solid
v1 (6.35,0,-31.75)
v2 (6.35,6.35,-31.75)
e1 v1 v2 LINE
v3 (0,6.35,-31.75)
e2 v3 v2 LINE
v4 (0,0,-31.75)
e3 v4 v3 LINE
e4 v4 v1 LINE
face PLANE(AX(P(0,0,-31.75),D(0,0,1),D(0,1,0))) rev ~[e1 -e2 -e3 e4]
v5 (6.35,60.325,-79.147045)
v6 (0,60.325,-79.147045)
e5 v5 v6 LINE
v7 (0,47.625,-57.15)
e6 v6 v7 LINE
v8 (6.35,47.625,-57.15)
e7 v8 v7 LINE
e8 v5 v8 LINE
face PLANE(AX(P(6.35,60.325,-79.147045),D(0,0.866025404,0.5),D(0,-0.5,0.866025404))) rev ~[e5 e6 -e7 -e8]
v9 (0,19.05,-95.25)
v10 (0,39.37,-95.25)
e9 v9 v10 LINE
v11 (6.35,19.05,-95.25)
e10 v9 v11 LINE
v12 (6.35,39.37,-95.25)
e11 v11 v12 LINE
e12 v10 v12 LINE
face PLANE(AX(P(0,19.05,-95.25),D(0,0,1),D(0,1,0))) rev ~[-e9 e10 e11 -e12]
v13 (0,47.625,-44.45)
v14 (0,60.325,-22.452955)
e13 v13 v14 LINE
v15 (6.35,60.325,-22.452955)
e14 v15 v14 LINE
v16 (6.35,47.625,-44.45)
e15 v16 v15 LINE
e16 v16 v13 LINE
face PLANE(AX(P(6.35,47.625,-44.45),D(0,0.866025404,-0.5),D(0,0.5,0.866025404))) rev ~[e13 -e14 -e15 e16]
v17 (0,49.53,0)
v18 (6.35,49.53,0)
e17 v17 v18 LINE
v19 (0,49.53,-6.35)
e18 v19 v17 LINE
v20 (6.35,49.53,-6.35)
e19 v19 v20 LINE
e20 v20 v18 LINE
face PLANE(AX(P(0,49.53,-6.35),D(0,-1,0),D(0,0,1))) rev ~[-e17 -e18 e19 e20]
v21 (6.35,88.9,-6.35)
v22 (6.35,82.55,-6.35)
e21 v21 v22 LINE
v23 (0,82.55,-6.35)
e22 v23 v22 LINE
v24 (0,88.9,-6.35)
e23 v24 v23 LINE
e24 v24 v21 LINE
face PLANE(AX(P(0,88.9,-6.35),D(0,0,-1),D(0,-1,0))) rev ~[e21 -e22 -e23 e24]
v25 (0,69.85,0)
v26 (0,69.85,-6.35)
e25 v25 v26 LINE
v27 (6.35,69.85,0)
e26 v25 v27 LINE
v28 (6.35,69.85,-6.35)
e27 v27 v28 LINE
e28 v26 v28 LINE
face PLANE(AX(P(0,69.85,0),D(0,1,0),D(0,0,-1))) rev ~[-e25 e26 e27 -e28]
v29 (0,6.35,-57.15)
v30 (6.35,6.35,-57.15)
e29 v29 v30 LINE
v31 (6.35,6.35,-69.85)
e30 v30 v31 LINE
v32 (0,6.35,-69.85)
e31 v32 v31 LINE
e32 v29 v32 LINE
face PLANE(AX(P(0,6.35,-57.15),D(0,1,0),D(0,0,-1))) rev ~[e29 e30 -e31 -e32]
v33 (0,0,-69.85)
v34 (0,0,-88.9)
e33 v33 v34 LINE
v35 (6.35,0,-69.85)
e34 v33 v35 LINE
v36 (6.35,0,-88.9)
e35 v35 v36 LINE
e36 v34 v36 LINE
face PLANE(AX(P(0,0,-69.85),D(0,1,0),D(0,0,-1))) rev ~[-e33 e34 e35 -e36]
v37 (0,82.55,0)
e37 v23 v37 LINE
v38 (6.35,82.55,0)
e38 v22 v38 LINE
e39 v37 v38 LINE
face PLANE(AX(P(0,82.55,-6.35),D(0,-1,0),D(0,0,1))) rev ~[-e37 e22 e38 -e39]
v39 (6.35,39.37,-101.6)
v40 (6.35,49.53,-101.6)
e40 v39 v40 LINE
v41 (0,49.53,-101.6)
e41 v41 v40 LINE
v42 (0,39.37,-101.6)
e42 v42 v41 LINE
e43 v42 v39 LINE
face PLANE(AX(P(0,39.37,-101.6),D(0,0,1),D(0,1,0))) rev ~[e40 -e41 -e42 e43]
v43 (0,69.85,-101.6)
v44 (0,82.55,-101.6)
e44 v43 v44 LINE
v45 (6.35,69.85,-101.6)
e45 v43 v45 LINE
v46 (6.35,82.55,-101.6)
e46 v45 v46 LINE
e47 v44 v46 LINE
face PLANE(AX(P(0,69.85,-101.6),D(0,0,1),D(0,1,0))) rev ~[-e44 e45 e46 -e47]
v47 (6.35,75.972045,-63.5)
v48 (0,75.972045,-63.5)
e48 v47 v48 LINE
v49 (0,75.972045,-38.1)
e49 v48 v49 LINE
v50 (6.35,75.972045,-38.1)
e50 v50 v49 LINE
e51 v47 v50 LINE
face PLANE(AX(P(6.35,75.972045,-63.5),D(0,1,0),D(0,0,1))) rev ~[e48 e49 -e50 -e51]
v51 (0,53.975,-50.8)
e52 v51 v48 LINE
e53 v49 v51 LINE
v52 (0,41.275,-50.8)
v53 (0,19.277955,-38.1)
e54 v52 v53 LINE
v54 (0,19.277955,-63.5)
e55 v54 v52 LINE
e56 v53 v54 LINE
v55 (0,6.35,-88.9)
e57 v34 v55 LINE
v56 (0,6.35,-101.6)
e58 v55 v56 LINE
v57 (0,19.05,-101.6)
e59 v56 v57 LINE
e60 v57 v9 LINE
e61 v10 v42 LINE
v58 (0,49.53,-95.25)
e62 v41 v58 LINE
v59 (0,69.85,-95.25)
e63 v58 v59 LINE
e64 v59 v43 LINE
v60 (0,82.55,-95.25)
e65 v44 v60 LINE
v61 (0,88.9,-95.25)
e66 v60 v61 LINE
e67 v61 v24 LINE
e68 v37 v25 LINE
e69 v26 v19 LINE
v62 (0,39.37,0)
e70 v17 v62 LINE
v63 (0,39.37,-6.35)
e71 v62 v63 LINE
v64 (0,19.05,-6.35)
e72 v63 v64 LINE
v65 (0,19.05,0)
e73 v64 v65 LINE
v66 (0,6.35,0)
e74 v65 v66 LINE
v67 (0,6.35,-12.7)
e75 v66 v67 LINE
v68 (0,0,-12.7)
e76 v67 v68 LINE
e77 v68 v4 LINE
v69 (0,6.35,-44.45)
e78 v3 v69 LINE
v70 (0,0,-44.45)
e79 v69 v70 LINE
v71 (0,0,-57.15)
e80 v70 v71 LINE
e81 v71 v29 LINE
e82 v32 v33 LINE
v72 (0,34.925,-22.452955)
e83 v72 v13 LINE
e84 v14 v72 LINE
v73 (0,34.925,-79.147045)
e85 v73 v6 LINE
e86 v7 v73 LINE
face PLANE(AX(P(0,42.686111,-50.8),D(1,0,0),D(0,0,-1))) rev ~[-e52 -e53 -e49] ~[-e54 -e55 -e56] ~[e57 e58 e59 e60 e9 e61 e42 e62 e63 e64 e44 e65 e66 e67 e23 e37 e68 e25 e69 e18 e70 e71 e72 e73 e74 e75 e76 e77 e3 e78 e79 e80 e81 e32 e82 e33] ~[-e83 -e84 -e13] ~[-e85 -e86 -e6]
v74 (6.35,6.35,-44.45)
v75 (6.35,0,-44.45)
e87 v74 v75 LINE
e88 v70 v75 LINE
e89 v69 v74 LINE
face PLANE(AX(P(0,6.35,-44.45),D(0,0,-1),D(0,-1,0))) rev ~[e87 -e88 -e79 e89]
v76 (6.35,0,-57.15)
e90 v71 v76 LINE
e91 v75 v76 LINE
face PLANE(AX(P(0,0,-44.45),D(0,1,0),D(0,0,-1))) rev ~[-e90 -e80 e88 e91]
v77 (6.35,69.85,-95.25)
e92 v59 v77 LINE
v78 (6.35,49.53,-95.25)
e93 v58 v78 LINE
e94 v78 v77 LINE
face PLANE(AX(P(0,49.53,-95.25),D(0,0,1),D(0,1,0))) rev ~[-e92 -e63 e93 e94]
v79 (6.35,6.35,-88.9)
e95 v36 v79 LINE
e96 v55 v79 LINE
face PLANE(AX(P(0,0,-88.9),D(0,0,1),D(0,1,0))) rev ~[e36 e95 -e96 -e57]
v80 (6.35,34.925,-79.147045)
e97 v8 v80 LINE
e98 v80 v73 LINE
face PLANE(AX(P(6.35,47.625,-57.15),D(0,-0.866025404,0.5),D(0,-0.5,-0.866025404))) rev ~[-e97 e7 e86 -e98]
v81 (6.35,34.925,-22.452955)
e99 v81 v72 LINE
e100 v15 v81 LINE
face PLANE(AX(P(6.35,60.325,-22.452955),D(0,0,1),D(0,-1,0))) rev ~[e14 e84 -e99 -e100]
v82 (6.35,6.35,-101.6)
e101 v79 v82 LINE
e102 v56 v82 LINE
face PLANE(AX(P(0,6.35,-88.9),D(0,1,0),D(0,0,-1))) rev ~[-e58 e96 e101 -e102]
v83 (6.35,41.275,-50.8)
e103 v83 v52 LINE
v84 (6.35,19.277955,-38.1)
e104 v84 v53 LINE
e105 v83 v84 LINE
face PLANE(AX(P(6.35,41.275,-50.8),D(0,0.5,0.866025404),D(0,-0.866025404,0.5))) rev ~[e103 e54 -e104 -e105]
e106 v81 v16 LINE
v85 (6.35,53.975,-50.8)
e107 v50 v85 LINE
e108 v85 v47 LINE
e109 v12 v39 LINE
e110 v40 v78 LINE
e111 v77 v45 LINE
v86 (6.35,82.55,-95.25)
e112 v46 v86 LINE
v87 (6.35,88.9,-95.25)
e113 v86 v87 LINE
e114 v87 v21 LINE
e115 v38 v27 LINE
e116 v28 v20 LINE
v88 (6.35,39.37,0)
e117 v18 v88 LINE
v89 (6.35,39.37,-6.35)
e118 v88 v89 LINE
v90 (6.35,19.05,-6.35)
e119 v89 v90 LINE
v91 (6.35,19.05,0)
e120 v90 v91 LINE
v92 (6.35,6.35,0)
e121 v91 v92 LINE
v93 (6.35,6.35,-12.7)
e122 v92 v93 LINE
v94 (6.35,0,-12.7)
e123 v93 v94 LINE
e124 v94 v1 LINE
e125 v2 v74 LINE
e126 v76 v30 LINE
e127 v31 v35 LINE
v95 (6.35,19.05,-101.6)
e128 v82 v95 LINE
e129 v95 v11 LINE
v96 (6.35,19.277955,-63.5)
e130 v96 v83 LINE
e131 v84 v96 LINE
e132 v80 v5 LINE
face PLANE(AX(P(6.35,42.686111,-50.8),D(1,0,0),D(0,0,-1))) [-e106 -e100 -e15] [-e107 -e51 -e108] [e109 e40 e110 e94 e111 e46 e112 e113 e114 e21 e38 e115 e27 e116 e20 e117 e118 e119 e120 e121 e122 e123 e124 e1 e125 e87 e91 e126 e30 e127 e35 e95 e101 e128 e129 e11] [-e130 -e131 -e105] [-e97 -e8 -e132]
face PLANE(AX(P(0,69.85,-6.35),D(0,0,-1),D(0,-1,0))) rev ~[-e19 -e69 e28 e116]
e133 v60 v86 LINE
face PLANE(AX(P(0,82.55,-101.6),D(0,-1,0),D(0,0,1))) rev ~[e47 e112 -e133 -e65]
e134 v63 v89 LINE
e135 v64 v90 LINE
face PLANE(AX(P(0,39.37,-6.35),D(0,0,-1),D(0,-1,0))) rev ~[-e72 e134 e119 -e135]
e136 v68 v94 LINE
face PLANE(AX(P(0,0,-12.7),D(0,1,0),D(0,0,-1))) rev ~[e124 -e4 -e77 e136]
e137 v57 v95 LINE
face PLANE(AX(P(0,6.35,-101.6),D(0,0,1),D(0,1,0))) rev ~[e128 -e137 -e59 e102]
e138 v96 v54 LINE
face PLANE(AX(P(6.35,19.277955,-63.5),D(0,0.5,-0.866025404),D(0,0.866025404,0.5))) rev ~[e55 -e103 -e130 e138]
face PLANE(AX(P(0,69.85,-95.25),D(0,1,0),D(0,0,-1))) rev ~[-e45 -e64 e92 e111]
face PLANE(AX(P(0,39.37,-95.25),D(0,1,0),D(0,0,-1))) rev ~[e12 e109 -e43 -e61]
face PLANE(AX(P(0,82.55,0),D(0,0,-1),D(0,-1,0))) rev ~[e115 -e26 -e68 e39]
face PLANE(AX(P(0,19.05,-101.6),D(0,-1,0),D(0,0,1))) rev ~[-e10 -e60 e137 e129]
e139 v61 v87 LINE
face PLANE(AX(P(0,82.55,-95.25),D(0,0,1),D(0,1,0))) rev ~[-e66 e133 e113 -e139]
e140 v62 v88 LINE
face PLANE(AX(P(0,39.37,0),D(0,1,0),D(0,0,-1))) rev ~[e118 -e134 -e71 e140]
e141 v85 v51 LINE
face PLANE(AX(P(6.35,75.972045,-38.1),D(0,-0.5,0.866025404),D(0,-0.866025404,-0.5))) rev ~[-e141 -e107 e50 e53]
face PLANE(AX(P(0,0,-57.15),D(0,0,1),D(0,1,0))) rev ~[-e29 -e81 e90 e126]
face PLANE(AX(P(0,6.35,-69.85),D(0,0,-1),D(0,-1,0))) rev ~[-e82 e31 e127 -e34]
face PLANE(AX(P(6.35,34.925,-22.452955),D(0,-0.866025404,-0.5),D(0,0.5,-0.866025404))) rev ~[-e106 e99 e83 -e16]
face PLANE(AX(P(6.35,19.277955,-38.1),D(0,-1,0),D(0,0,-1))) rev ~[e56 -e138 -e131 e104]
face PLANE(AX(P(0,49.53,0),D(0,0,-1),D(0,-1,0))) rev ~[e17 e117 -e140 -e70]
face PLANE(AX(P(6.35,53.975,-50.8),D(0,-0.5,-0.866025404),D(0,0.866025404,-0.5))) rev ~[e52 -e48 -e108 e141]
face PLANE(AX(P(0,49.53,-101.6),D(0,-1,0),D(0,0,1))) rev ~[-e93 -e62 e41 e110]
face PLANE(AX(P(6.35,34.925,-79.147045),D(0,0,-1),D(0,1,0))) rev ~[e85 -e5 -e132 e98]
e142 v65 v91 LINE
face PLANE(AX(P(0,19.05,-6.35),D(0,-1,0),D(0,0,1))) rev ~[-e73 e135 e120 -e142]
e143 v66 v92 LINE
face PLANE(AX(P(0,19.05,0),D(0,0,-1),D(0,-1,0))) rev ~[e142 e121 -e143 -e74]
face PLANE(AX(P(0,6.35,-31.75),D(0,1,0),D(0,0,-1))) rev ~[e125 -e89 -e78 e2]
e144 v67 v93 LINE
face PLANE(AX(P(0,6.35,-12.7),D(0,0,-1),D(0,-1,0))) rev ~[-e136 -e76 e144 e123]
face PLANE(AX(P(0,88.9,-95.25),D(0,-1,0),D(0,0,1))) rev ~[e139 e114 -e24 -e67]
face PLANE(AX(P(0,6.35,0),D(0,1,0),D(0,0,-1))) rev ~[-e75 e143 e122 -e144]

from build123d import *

# Parameters (mm, degrees)
BOSS_EXTRUDE1_DEPTH = 6.35
CUT_EXTRUDE1_DEPTH  = 6.35


with BuildPart() as part:
    # Sketch1 → Boss-Extrude1 (new body)
    with BuildSketch(Plane(origin=(0, 0, 0), x_dir=(0, 0, -1), z_dir=(1, 0, 0))):
        Polygon((44.45, 0), (57.15, 0), (57.15, 6.35), (69.85, 6.35), (69.85, 0), (88.9, 0), (88.9, 6.35), (101.6, 6.35), (101.6, 19.05), (95.25, 19.05), (95.25, 39.37), (101.6, 39.37), (101.6, 49.53), (95.25, 49.53), (95.25, 69.85), (101.6, 69.85), (101.6, 82.55), (95.25, 82.55), (95.25, 88.9), (6.35, 88.9), (6.35, 82.55), (0, 82.55), (0, 69.85), (6.35, 69.85), (6.35, 49.53), (0, 49.53), (0, 39.37), (6.35, 39.37), (6.35, 19.05), (0, 19.05), (0, 6.35), (12.7, 6.35), (12.7, 0), (31.75, 0), (31.75, 6.35), (44.45, 6.35), align=None)
    extrude(amount=BOSS_EXTRUDE1_DEPTH)

    # Sketch2 → Cut-Extrude1 (cut)
    with BuildSketch(Plane(origin=(6.35, 0, 0), x_dir=(0, 0, -1), z_dir=(1, 0, 0))):
        Polygon((44.45, 47.625), (22.452954744, 60.325), (22.452954744, 34.925), align=None)
        Polygon((50.8, 53.975), (63.5, 75.972045256), (38.1, 75.972045256), align=None)
        Polygon((57.15, 47.625), (79.147045256, 34.925), (79.147045256, 60.325), align=None)
        Polygon((50.8, 41.275), (38.1, 19.277954744), (63.5, 19.277954744), align=None)
    extrude(amount=-CUT_EXTRUDE1_DEPTH, mode=Mode.SUBTRACT)


solid = part.part
